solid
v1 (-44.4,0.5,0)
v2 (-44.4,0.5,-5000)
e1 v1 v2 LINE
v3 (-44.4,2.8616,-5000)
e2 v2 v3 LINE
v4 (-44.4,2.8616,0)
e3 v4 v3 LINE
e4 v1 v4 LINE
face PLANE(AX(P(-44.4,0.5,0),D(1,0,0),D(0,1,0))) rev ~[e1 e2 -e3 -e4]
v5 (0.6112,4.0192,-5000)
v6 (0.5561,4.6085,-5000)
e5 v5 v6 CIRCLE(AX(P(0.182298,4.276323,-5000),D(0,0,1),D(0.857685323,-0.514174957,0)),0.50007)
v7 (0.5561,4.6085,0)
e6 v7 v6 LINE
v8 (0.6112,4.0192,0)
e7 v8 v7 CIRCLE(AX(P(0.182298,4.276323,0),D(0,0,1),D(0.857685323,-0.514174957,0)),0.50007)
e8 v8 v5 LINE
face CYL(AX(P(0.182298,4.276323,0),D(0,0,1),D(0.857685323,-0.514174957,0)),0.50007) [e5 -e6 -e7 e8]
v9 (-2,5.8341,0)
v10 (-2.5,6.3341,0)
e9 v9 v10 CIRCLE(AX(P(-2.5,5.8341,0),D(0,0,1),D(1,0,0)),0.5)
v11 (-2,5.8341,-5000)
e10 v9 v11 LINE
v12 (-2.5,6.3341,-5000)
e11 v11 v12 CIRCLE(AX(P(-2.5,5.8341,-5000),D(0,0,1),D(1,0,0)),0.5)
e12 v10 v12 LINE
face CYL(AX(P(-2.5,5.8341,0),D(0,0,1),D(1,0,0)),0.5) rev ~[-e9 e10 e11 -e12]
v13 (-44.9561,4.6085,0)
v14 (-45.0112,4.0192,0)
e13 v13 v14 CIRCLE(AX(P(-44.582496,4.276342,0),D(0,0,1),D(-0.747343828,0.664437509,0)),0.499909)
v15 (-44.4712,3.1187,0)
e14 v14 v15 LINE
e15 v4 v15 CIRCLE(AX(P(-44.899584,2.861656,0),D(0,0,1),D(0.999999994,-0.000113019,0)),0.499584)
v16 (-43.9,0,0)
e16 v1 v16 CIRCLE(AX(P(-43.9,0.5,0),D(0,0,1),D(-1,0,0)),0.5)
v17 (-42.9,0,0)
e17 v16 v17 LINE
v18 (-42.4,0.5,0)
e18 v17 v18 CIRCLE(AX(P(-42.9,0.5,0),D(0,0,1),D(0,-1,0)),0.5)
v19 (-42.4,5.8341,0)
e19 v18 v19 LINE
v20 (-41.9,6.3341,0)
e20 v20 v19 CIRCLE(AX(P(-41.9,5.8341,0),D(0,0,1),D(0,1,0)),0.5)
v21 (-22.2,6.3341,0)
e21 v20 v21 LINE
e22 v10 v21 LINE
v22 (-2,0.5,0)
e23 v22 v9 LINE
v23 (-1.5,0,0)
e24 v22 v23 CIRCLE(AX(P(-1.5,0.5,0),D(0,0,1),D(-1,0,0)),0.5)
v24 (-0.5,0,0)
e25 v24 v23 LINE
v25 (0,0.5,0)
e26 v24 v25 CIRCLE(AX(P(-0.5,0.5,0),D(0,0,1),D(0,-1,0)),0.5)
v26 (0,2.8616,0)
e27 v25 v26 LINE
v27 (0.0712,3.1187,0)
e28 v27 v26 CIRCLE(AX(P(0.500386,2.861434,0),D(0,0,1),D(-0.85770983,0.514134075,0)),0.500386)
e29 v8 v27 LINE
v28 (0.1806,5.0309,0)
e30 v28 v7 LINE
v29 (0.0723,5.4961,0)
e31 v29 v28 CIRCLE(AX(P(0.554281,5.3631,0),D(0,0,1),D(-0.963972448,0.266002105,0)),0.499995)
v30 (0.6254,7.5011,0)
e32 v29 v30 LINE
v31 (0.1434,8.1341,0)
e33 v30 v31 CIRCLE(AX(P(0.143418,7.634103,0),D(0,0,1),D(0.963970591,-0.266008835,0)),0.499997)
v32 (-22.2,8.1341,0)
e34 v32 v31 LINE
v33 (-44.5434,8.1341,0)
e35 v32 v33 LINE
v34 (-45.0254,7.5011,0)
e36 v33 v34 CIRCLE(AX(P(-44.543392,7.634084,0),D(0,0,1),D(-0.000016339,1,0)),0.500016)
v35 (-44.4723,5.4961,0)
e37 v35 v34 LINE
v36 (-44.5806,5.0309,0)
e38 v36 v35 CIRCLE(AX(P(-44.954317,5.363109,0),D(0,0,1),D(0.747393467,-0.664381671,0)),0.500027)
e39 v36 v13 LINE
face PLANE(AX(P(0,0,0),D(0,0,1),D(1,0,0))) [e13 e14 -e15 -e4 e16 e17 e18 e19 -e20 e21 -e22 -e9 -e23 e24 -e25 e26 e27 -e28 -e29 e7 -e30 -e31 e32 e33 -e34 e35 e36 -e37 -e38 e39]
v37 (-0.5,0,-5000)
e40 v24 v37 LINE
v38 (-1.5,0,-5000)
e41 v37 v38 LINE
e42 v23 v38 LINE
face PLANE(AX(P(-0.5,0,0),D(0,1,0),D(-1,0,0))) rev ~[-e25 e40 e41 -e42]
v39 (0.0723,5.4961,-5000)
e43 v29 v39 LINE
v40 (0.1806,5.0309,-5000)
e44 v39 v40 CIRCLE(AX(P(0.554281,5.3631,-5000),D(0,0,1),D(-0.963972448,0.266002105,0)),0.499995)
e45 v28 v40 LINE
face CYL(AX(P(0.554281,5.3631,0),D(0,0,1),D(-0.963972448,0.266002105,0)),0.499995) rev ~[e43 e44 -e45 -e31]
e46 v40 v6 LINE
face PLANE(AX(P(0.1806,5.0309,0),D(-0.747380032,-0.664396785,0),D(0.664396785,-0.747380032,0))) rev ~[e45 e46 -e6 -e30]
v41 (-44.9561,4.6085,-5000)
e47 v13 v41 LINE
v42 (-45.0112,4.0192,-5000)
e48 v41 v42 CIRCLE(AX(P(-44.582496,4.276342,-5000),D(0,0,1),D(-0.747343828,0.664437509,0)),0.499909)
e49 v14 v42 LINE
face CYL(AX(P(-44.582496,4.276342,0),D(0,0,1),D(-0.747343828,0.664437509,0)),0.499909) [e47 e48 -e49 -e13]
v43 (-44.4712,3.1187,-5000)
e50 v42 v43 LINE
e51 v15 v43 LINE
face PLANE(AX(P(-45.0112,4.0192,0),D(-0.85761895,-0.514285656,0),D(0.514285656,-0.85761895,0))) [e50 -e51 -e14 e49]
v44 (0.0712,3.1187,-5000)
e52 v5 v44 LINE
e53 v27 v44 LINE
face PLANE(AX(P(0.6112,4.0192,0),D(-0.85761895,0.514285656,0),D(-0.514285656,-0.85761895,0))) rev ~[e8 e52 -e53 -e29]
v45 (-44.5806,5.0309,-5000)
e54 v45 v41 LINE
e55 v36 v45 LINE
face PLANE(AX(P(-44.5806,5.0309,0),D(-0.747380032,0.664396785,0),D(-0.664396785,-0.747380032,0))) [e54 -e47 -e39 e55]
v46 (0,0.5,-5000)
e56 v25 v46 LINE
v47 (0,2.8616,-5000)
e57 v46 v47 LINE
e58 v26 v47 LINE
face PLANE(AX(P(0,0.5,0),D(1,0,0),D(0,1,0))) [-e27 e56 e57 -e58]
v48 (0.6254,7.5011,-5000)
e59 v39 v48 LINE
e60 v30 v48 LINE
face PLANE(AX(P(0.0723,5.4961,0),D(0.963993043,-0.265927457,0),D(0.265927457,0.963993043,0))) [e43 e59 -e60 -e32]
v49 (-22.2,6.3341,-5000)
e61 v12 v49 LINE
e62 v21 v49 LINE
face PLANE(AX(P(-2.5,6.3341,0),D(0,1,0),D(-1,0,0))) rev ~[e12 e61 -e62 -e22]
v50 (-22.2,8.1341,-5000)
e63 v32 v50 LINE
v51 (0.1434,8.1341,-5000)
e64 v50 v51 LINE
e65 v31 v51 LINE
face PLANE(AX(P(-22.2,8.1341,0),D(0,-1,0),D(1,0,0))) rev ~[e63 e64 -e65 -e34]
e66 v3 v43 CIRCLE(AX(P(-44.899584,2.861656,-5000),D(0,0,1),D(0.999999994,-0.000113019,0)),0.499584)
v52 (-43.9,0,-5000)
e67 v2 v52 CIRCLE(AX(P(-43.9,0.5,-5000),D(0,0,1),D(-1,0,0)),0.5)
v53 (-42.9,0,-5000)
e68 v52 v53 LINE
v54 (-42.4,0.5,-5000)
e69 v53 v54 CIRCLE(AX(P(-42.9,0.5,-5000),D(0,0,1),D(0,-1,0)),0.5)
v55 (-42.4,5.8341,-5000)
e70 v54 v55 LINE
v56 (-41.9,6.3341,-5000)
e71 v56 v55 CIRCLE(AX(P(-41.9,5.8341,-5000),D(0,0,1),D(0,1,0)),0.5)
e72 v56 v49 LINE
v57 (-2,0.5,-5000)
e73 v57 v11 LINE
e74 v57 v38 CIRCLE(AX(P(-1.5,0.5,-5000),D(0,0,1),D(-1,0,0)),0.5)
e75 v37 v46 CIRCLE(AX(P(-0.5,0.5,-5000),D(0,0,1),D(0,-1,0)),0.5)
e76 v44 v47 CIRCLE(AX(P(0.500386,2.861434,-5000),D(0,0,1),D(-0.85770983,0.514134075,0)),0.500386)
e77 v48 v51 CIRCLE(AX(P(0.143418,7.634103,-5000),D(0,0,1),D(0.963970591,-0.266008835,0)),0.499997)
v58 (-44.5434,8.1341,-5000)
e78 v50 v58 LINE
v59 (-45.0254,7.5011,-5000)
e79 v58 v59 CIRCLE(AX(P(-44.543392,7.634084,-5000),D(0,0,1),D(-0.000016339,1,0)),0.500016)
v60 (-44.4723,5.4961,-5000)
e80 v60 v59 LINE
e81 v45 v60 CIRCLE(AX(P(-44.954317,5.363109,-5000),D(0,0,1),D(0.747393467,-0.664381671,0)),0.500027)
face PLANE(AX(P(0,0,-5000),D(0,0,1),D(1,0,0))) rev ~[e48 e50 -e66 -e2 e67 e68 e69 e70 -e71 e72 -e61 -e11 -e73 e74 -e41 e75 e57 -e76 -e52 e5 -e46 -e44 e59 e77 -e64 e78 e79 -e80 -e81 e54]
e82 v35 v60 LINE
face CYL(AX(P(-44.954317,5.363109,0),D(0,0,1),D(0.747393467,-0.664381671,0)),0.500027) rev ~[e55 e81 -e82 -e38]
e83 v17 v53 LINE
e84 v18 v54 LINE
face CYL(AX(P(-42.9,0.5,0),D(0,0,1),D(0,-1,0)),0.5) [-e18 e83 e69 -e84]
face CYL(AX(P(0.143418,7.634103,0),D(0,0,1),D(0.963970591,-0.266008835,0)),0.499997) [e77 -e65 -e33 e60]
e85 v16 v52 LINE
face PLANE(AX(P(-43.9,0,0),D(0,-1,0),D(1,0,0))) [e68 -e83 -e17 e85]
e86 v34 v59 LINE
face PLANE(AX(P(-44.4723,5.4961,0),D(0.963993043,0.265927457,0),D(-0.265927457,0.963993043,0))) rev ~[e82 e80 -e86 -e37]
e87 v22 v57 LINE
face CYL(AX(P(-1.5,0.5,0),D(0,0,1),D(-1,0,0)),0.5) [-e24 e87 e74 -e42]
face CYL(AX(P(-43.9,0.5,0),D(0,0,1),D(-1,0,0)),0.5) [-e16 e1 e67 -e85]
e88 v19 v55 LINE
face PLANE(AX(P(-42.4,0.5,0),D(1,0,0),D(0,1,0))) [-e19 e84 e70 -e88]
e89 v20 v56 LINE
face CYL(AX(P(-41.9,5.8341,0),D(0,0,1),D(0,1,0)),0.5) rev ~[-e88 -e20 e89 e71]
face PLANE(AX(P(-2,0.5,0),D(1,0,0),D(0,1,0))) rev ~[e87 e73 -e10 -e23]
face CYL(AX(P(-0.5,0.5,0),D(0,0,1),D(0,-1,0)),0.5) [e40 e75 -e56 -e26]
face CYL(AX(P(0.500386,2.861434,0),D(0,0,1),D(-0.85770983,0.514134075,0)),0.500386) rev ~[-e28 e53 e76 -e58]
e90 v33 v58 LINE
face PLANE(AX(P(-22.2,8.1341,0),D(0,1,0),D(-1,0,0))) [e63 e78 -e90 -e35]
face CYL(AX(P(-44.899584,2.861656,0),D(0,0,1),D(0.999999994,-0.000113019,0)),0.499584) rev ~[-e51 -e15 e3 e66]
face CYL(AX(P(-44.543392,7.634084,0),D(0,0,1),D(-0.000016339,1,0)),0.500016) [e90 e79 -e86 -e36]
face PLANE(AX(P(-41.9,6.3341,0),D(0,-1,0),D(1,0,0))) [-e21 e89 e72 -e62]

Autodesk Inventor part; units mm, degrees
ref_plane "YZ Plane" through (0, 0, 0) normal (1, 0, 0) x (0, 1, 0)
ref_plane "XZ Plane" through (0, 0, 0) normal (0, 1, 0) x (-1, 0, 0)
ref_plane "XY Plane" through (0, 0, 0) normal (0, 0, 1) x (1, 0, 0)
sketch "Sketch1" plane through (0, 0, 0) normal (0, 0, 1) x (1, 0, 0)
  line L0 (-22.2, 8.1341) -> (0.1434, 8.1341)
  line L1 (-0.5, 0) -> (-1.5, 0)
  line L2 (-2, 0.5) -> (-2, 5.8341)
  line L3 (-2.5, 6.3341) -> (-22.2, 6.3341)
  line L4 (0.1806, 5.0309) -> (0.5561, 4.6085)
  line L5 (0.0723, 5.4961) -> (0.6254, 7.5011)
  line L6 (0.6112, 4.0192) -> (0.0712, 3.1187)
  line L7 (0, 0.5) -> (0, 2.8616)
  line L8 (-22.2, 15.4691) -> (-22.2, -2.8641) construction
  arc A0 (-2, 5.8341) -> (-2.5, 6.3341) centre (-2.5, 5.8341) ccw
  arc A1 (0.6254, 7.5011) -> (0.1434, 8.1341) centre (0.1434, 7.6341) ccw
  arc A2 (0.0723, 5.4961) -> (0.1806, 5.0309) centre (0.5543, 5.3631) ccw
  arc A3 (0.6112, 4.0192) -> (0.5561, 4.6085) centre (0.1824, 4.2763) ccw
  arc A4 (0.0712, 3.1187) -> (0, 2.8616) centre (0.5, 2.8616) ccw
  arc A5 (-0.5, 0) -> (0, 0.5) centre (-0.5, 0.5) ccw
  arc A6 (-2, 0.5) -> (-1.5, 0) centre (-1.5, 0.5) ccw
  line L9 (-22.2, 8.1341) -> (-44.5434, 8.1341)
  line L10 (-43.9, 0) -> (-42.9, 0)
  line L11 (-42.4, 0.5) -> (-42.4, 5.8341)
  line L12 (-41.9, 6.3341) -> (-22.2, 6.3341)
  line L13 (-44.5806, 5.0309) -> (-44.9561, 4.6085)
  line L14 (-44.4723, 5.4961) -> (-45.0254, 7.5011)
  line L15 (-45.0112, 4.0192) -> (-44.4712, 3.1187)
  line L16 (-44.4, 0.5) -> (-44.4, 2.8616)
  arc A7 (-41.9, 6.3341) -> (-42.4, 5.8341) centre (-41.9, 5.8341) ccw
  arc A8 (-44.5434, 8.1341) -> (-45.0254, 7.5011) centre (-44.5434, 7.6341) ccw
  arc A9 (-44.5806, 5.0309) -> (-44.4723, 5.4961) centre (-44.9543, 5.3631) ccw
  arc A10 (-44.9561, 4.6085) -> (-45.0112, 4.0192) centre (-44.5824, 4.2763) ccw
  arc A11 (-44.4, 2.8616) -> (-44.4712, 3.1187) centre (-44.9, 2.8616) ccw
  arc A12 (-44.4, 0.5) -> (-43.9, 0) centre (-43.9, 0.5) ccw
  arc A13 (-42.9, 0) -> (-42.4, 0.5) centre (-42.9, 0.5) ccw
  point P0 (0, 0)
  point P1 (0, 0)
  point P2 (0, 5.2341)
  point P3 (0.8, 8.1341)
  point P4 (0, 3)
  point P5 (0.8, 4.3341)
  point P6 (-44.4, 0)
  point P7 (-44.4, 0)
  point P8 (-44.4, 5.2341)
  point P9 (-45.2, 8.1341)
  point P10 (-44.4, 3)
  point P11 (-45.2, 4.3341)
  dimension "d7" = 0.8
  dimension "d8" = 0.8
  dimension "d9" = 3.8
  dimension "d10" = 2.9
  dimension "d12" = 3
  dimension "d13" = 8.1341
  dimension "d14" = 2.2341
  dimension "d15" = 1.8
  dimension "d16" = 2
  dimension "d18" = 0.5
  dimension "d19" = 46
extrude "Extrusion1" add sketch "Sketch1" against normal blind 5000
properties part number "HD - 404 PERFIL DE ALUMINIO - CLIP DE TRAVESAÑO HORIZONTAL"
